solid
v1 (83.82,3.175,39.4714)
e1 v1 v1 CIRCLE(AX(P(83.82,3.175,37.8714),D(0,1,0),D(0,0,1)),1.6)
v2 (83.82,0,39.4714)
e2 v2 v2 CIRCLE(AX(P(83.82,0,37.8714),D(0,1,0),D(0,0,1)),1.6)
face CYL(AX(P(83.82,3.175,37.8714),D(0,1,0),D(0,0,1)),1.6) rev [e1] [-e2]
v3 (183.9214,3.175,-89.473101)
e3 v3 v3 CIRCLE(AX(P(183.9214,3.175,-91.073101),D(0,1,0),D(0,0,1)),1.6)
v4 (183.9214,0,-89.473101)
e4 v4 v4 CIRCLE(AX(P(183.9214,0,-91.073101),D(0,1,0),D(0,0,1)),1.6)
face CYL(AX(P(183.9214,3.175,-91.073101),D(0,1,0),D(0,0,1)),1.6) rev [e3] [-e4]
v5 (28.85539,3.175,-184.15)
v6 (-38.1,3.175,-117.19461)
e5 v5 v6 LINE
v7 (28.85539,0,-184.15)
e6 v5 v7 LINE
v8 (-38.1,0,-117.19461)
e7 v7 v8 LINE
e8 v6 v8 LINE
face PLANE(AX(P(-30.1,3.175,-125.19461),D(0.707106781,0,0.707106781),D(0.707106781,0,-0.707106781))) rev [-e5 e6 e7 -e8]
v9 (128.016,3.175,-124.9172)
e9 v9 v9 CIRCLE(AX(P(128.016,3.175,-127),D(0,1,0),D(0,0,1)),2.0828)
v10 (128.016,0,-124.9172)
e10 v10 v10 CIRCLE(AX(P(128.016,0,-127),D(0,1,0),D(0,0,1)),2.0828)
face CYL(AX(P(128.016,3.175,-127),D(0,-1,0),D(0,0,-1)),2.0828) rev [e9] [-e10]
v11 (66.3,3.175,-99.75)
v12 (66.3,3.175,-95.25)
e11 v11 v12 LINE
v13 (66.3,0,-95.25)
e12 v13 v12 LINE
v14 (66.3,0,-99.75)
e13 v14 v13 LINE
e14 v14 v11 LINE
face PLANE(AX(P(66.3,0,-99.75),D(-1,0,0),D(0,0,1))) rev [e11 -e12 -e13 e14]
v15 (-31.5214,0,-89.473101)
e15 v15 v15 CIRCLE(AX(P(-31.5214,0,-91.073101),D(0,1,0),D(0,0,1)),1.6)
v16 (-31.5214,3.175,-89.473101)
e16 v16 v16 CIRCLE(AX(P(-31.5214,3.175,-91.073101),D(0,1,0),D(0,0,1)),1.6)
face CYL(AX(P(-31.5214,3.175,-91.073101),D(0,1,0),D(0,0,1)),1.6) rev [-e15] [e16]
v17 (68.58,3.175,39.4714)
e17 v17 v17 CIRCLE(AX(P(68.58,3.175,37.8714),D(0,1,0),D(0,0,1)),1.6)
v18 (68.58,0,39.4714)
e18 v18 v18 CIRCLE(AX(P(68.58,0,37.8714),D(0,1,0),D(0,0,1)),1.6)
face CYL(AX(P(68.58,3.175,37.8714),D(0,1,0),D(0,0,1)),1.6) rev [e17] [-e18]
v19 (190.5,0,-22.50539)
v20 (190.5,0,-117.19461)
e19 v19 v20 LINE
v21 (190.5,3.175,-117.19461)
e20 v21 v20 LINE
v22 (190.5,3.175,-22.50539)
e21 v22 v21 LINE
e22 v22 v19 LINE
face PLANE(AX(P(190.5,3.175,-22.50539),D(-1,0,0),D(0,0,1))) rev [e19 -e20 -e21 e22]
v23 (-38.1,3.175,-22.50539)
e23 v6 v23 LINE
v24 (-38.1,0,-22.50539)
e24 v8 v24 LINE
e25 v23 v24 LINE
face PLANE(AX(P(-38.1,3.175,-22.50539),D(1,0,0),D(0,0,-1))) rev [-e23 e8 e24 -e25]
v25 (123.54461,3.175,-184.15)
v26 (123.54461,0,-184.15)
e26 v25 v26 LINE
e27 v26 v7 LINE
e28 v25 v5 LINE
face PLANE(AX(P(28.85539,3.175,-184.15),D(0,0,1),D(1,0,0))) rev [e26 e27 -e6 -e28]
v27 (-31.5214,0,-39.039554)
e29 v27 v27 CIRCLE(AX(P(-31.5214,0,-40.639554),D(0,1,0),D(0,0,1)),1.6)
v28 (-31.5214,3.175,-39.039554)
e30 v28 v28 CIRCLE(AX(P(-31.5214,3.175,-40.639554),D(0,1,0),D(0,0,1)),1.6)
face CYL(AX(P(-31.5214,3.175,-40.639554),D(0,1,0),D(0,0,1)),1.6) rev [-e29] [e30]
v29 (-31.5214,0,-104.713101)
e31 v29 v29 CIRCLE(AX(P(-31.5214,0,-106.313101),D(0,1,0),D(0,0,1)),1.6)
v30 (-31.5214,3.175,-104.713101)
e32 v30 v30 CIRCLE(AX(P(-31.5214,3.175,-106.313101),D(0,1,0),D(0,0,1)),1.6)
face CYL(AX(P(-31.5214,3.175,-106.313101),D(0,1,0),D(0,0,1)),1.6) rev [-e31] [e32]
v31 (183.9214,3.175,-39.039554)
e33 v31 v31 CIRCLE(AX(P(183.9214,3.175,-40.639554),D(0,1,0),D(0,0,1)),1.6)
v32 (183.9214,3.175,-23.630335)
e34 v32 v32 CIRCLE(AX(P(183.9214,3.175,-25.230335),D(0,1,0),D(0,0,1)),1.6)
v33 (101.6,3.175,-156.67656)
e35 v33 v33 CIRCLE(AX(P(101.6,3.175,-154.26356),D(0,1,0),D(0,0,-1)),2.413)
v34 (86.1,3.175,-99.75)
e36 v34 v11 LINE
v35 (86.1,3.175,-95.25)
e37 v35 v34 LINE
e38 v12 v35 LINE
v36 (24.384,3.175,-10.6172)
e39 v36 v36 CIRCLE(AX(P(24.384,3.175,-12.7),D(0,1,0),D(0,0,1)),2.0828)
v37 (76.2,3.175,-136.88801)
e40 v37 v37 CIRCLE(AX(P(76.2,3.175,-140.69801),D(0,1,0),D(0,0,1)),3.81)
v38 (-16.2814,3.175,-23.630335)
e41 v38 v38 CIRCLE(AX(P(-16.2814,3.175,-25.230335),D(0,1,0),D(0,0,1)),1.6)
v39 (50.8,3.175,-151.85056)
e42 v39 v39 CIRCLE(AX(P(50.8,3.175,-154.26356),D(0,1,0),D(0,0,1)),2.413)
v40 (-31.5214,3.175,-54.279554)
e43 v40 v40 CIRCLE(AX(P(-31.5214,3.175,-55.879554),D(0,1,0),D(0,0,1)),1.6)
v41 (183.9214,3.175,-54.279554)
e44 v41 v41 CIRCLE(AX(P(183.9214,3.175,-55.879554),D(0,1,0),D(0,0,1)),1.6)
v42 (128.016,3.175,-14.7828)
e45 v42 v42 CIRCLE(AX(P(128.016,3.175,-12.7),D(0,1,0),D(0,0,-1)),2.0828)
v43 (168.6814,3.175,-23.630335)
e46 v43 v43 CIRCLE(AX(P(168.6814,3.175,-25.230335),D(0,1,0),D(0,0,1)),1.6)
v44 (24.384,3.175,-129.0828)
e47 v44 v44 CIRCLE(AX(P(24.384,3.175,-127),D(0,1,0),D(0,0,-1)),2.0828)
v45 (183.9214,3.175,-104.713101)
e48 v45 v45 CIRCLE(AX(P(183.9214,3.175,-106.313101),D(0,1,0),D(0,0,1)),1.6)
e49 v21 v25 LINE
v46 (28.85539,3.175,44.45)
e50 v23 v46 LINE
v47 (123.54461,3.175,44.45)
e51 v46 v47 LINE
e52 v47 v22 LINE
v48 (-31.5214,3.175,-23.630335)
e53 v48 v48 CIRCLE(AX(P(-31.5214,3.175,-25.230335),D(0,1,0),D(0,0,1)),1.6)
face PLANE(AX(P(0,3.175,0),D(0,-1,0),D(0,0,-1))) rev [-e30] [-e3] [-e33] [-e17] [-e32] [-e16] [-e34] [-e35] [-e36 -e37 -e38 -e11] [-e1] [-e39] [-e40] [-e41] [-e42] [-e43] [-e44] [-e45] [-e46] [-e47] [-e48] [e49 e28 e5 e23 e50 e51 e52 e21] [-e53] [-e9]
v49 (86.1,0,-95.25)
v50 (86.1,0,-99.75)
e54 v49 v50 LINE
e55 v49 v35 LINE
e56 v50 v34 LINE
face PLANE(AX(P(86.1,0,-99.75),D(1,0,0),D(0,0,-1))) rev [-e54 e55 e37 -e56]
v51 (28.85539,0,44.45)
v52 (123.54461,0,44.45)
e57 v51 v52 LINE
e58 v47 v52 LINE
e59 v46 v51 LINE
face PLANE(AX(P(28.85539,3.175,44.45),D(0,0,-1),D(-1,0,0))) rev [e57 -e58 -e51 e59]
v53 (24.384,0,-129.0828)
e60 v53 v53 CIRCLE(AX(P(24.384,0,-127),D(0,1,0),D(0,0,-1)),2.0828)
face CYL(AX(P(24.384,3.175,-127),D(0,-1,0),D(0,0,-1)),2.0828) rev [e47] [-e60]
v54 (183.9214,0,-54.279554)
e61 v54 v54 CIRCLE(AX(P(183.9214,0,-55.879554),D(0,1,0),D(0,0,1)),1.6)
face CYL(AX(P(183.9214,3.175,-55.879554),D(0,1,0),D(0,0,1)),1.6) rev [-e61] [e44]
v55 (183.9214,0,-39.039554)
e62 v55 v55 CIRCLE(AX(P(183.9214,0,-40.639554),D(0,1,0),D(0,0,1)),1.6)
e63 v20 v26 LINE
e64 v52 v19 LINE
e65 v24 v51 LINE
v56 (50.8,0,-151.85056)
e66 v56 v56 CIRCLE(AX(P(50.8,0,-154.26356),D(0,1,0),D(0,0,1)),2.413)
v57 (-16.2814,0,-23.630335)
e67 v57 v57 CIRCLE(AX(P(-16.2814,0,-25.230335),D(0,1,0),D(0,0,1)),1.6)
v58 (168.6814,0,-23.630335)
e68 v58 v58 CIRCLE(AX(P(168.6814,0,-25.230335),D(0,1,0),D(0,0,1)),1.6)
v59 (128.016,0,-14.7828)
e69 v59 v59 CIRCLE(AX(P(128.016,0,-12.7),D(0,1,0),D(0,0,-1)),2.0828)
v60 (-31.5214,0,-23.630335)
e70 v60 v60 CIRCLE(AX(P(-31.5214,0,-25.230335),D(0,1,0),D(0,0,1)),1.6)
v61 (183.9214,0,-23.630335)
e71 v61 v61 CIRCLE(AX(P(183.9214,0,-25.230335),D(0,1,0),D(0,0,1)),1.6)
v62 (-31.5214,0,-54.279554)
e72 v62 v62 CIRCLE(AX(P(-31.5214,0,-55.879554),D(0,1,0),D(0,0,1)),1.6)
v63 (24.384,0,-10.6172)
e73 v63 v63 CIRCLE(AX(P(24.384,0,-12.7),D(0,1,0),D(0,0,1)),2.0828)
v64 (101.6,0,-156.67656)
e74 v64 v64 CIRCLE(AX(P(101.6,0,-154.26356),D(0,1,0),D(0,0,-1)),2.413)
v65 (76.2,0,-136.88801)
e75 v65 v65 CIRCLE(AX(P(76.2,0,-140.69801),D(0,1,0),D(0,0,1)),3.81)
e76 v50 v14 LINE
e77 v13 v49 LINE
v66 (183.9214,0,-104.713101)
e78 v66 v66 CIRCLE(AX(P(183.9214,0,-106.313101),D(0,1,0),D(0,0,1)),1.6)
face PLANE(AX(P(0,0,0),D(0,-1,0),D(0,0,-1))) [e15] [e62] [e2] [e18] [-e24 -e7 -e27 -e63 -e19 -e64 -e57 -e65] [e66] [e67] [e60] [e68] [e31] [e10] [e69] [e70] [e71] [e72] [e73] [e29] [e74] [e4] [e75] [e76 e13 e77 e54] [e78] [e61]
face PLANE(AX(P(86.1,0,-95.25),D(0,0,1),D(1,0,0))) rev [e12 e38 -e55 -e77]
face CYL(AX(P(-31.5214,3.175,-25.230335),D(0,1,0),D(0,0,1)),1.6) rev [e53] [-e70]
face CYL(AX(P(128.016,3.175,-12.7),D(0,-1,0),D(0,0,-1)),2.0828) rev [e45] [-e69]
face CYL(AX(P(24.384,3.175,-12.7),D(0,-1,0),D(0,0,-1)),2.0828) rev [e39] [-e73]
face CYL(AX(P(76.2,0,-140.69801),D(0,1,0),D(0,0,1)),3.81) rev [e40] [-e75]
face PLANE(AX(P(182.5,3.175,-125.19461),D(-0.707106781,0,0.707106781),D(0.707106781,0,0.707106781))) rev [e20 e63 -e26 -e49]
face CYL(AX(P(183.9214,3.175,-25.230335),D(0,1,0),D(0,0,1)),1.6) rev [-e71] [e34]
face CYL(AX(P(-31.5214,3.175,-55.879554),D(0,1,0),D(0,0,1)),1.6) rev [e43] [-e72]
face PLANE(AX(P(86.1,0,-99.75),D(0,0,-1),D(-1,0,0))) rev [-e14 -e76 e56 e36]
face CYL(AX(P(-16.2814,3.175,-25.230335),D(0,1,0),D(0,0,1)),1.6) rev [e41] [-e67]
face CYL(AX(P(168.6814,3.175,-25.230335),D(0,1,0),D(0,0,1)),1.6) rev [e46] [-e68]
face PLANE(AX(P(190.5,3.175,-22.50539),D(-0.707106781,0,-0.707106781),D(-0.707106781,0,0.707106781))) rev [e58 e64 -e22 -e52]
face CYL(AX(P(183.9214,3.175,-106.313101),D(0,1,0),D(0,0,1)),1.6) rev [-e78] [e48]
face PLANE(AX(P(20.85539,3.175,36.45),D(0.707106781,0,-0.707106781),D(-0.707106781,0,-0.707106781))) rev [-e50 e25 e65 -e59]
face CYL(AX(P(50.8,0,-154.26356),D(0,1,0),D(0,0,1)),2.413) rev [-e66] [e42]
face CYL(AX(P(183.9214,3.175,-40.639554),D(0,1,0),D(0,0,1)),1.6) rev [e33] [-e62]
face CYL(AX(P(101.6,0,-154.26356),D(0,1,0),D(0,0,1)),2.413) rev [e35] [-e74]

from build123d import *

# Parameters (mm, degrees)
SKETCH1_R            = 2.0828
BOSS_EXTRUDE1_DEPTH  = 3.175
M3_CLEARANCE_HOLE1_D = 3.2
SKETCH5_W            = 19.8
SKETCH5_H            = 4.5
CUT_EXTRUDE1_DEPTH   = 265.974627323
SKETCH7_R            = 2.413
CUT_EXTRUDE2_DEPTH   = 265.974627323
SKETCH8_R            = 3.81
CUT_EXTRUDE3_DEPTH   = 265.974627323


with BuildPart() as part:
    # Sketch1 → Boss-Extrude1 (new body)
    with BuildSketch(Plane(origin=(0, 0, 0), x_dir=(1, 0, 0), z_dir=(0, 1, 0))):
        Polygon((28.855389821, 184.15), (123.544610179, 184.15), (176.5, 131.194610179), (182.5, 125.194610179), (190.5, 117.194610179), (190.5, 22.505389821), (182.5, 14.505389821), (176.5, 8.505389821), (137.544610179, -30.45), (131.544610179, -36.45), (123.544610179, -44.45), (28.855389821, -44.45), (20.855389821, -36.45), (14.855389821, -30.45), (-24.1, 8.505389821), (-30.1, 14.505389821), (-38.1, 22.505389821), (-38.1, 117.194610179), (-30.1, 125.194610179), (-24.1, 131.194610179), align=None)
        with Locations(Location((24.384, 12.7, 0), (0, 0, 270))):
            Circle(SKETCH1_R, mode=Mode.SUBTRACT)
        with Locations(Location((128.016, 12.7, 0), (0, 0, 90))):
            Circle(SKETCH1_R, mode=Mode.SUBTRACT)
        with Locations(Location((128.016, 127, 0), (0, 0, 270))):
            Circle(SKETCH1_R, mode=Mode.SUBTRACT)
        with Locations(Location((24.384, 127, 0), (0, 0, 90))):
            Circle(SKETCH1_R, mode=Mode.SUBTRACT)
    extrude(amount=BOSS_EXTRUDE1_DEPTH)

    # M3 Clearance Hole1 (through all)
    with Locations(Plane(origin=(0, 3.175, 0), x_dir=(1, 0, 0), z_dir=(0, 1, 0))):
        with Locations((-31.5214, 106.313101446), (-31.5214, 91.073101446), (-31.5214, 55.8795536), (-31.5214, 40.6395536), (-31.5214, 25.230335162), (-16.2814, 25.230335162), (68.58, -37.8714), (83.82, -37.8714), (183.9214, 25.230335162), (168.6814, 25.230335162), (183.9214, 40.6395536), (183.9214, 55.8795536), (183.9214, 91.073101446), (183.9214, 106.313101446)):
            Hole(M3_CLEARANCE_HOLE1_D / 2)

    # Sketch5 → Cut-Extrude1 (cut, through all)
    with BuildSketch(Plane(origin=(0, 3.175, 0), x_dir=(1, 0, 0), z_dir=(0, 1, 0))):
        with Locations((76.2, 97.5)):
            Rectangle(SKETCH5_W, SKETCH5_H)
    extrude(amount=-CUT_EXTRUDE1_DEPTH, mode=Mode.SUBTRACT)

    # Sketch7 → Cut-Extrude2 (cut, through all)
    with BuildSketch(Plane(origin=(0, 3.175, 0), x_dir=(1, 0, 0), z_dir=(0, 1, 0))):
        with Locations(Location((50.8, 154.263560488, 0), (0, 0, 270))):
            Circle(SKETCH7_R)
        with Locations(Location((101.6, 154.263560488, 0), (0, 0, 90))):
            Circle(SKETCH7_R)
    extrude(amount=-CUT_EXTRUDE2_DEPTH, mode=Mode.SUBTRACT)

    # Sketch8 → Cut-Extrude3 (cut, through all)
    with BuildSketch(Plane(origin=(0, 3.175, 0), x_dir=(1, 0, 0), z_dir=(0, 1, 0))):
        with Locations(Location((76.2, 140.698010266, 0), (0, 0, 270))):
            Circle(SKETCH8_R)
    extrude(amount=-CUT_EXTRUDE3_DEPTH, mode=Mode.SUBTRACT)


solid = part.part
